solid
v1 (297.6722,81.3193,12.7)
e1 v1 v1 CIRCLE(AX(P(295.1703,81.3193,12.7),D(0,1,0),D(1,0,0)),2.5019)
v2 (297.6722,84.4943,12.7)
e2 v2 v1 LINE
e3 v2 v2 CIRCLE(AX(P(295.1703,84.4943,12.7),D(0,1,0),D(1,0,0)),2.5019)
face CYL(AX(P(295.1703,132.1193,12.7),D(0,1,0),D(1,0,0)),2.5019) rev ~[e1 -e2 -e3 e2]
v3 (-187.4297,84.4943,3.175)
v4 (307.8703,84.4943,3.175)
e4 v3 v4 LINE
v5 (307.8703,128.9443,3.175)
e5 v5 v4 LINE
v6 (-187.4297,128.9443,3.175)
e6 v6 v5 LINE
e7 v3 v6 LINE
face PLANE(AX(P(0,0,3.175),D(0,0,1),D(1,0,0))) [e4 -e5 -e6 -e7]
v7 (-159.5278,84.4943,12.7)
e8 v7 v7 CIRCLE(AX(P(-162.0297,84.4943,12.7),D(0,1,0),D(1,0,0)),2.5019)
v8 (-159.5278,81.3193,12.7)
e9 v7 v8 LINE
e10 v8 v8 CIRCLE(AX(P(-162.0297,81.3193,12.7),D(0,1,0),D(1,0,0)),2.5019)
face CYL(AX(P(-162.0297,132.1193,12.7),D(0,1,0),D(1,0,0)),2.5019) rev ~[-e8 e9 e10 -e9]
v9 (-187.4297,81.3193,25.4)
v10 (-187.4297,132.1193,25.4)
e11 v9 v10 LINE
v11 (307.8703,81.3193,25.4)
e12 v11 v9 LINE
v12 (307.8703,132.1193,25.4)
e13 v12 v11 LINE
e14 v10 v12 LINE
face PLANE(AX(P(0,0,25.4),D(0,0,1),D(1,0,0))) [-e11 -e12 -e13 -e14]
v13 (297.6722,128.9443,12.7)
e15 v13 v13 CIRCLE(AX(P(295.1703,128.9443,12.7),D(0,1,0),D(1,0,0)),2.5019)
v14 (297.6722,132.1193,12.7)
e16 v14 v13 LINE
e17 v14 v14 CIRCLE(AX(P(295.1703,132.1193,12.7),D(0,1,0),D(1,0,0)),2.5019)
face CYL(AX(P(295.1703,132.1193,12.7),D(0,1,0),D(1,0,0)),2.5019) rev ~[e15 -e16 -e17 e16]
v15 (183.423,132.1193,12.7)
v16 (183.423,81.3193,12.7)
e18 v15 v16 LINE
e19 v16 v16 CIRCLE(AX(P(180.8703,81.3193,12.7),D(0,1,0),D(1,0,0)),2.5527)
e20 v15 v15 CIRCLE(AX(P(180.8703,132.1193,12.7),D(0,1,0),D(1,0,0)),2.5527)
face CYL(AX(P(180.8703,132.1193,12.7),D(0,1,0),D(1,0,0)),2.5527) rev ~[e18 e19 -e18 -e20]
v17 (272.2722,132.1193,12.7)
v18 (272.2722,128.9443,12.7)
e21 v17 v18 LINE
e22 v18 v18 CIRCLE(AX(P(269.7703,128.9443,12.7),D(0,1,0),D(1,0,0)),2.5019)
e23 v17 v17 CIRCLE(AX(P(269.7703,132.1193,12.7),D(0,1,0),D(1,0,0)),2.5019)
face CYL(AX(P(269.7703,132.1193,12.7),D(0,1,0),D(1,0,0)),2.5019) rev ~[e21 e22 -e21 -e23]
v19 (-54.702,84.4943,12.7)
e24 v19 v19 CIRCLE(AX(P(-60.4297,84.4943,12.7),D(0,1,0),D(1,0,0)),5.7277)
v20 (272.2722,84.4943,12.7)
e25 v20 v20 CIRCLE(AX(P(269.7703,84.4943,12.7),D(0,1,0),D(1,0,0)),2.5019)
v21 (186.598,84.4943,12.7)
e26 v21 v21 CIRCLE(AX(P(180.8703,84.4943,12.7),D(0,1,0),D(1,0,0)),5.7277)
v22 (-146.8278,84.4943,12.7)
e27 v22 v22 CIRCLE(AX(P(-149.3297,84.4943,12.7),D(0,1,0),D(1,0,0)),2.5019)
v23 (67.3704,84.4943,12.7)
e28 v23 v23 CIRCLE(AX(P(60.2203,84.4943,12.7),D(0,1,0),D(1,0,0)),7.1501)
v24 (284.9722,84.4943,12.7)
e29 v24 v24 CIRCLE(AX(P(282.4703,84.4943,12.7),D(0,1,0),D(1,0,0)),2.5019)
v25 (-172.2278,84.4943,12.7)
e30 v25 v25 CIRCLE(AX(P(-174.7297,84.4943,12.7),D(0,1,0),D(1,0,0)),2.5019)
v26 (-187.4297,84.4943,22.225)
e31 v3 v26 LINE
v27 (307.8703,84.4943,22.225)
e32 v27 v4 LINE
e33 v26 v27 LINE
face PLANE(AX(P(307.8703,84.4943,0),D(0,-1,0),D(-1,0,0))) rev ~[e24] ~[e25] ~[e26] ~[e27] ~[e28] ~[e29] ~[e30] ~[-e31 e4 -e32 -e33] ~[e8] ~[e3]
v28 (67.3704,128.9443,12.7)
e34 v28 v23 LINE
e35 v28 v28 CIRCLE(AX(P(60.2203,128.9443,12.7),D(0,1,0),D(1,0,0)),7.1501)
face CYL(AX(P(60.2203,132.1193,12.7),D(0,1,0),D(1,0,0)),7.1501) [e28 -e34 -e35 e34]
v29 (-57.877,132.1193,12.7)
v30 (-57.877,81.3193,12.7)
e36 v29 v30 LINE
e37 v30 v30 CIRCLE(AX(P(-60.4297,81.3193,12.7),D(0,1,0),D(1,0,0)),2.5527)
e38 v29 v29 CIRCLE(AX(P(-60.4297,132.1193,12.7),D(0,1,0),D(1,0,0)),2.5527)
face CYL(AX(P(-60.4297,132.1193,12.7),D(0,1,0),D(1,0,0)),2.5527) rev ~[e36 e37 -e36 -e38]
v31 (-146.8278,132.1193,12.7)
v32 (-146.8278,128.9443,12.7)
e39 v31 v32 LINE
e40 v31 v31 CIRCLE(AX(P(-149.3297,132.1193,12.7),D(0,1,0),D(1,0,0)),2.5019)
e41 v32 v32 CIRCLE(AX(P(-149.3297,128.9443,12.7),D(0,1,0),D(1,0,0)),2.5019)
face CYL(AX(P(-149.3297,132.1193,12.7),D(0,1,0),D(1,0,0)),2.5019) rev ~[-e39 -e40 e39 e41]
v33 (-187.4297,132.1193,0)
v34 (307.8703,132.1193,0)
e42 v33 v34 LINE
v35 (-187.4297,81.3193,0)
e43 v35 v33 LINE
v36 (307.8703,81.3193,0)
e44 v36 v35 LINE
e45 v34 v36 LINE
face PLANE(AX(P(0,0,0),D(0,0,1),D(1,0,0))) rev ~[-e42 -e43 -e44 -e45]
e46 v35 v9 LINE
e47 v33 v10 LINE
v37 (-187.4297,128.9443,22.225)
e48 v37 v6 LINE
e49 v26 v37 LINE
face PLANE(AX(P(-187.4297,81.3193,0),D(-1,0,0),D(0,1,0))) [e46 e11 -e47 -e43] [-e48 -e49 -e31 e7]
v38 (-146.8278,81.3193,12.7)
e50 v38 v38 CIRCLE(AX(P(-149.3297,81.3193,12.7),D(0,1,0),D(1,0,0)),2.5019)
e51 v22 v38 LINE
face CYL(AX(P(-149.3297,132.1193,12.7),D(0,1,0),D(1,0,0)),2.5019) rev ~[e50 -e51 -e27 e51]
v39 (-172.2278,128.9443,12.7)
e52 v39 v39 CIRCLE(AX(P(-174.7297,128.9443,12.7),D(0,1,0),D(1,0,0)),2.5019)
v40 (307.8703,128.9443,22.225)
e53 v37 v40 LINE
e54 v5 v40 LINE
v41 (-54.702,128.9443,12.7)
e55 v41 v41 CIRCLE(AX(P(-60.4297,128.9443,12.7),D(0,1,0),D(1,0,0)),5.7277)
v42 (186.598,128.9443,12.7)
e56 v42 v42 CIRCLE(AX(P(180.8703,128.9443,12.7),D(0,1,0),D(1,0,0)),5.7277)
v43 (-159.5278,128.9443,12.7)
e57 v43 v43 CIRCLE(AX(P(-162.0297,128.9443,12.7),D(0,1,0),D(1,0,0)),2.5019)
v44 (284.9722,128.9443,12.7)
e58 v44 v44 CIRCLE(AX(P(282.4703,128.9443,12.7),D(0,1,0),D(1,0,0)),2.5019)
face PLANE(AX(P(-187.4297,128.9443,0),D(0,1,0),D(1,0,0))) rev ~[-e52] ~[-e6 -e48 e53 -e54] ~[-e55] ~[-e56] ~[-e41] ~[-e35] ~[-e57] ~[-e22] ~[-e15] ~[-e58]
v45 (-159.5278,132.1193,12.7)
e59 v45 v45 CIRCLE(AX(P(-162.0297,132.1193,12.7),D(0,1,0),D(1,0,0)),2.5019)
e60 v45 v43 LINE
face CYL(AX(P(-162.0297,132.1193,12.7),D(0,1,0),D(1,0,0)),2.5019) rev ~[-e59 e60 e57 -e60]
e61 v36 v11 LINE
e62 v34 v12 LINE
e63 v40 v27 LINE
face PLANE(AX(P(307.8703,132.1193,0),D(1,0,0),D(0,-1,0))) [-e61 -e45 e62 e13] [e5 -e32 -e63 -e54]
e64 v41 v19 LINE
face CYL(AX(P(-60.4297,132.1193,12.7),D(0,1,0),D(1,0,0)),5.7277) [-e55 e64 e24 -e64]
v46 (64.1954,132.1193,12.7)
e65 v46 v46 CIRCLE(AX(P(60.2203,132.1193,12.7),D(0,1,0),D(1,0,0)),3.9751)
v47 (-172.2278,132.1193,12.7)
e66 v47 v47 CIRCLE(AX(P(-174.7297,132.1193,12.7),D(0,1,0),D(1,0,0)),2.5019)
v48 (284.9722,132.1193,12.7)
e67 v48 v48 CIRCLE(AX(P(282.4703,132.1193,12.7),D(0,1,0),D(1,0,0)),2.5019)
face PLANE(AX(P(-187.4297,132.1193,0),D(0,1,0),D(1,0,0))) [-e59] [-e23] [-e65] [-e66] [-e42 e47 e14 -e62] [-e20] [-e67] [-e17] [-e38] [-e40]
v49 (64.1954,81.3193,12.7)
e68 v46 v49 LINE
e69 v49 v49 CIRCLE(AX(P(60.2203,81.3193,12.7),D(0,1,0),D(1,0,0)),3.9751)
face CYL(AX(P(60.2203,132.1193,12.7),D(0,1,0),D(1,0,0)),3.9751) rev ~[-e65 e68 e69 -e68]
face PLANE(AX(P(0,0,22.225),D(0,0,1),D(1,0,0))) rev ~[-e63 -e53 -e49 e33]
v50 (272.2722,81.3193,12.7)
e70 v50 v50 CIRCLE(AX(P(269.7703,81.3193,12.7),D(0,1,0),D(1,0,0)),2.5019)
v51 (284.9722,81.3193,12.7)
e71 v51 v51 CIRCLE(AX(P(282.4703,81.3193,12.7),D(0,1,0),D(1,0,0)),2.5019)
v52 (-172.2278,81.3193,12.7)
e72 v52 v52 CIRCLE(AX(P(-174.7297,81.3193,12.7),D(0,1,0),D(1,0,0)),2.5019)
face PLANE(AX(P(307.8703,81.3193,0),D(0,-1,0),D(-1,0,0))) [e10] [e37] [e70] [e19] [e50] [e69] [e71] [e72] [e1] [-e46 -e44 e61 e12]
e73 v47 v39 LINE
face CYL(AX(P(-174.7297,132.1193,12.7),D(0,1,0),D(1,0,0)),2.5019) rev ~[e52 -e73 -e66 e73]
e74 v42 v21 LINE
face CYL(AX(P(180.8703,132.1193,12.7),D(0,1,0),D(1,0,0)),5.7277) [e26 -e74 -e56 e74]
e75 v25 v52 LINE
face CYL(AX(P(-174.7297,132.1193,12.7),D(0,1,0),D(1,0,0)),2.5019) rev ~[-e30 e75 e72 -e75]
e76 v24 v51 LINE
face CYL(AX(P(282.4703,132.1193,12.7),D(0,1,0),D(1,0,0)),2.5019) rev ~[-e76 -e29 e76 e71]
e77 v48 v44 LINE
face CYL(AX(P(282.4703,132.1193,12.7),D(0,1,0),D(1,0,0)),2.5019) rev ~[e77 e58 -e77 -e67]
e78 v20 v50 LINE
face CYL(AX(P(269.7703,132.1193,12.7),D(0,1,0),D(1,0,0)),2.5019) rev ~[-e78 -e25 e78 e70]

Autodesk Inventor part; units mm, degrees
ref_plane "YZ Plane" through (0, 0, 0) normal (1, 0, 0) x (0, 1, 0)
ref_plane "XZ Plane" through (0, 0, 0) normal (0, 1, 0) x (-1, 0, 0)
ref_plane "XY Plane" through (0, 0, 0) normal (0, 0, 1) x (1, 0, 0)
sketch "Sketch1" plane through (0, 0, 0) normal (0, 0, 1) x (1, 0, 0)
  line L0 (-187.4297, 132.1193) -> (307.8703, 132.1193)
  line L1 (307.8703, 132.1193) -> (307.8703, 81.3193)
  line L2 (307.8703, 81.3193) -> (-187.4297, 81.3193)
  line L3 (-187.4297, 81.3193) -> (-187.4297, 132.1193)
  point P0 (0, 0)
  dimension "d0" = 495.3
  dimension "d1" = 50.8
extrude "Extrusion1" add sketch "Sketch1" along normal blind 25.4
sketch "Sketch2" plane through (-187.4297, 132.1193, 0) normal (0, 1, 0) x (1, 0, 0)
  circle A0 centre (12.7, -12.7) radius 2.5019
  line L0 (0, 0) -> (0, -25.4) projected
  circle A1 centre (25.4, -12.7) radius 2.5019
  circle A2 centre (38.1, -12.7) radius 2.5019
  circle A3 centre (482.6, -12.7) radius 2.5019
  line L1 (495.3, 0) -> (495.3, -25.4) projected
  circle A4 centre (469.9, -12.7) radius 2.5019
  circle A5 centre (457.2, -12.7) radius 2.5019
  circle A6 centre (368.3, -12.7) radius 2.5527
  circle A7 centre (247.65, -12.7) radius 3.9751
  line L2 (495.3, 0) -> (0, 0) projected
  circle A8 centre (127, -12.7) radius 2.5527
  point P0 (187.4297, 0)
  dimension "d4" = 12.7
  dimension "d5" = 5.0038
  dimension "d6" = 5.0038
  dimension "d7" = 5.0038
  dimension "d8" = 12.7
  dimension "d9" = 12.7
  dimension "d10" = 5.0038
  dimension "d11" = 12.7
  dimension "d12" = 5.0038
  dimension "d13" = 5.0038
  dimension "d14" = 12.7
  dimension "d15" = 12.7
  dimension "d19" = 127
  dimension "d20" = 5.1054
  dimension "d23" = 7.9502
  dimension "d24" = 247.65
  dimension "d25" = 12.7
  dimension "d26" = 5.1054
  dimension "d27" = 127
extrude "Extrusion2" cut sketch "Sketch2" against normal blind 50.8
shell "Shell1" thickness 3.175 removed faces 8 at (-187.4297, 115.186, 16.9333) at (307.8703, 98.2527, 8.4667) at (295.0696, 98.2527, 10.2001) at (282.3696, 98.2527, 10.2001) at (269.6696, 98.2527, 10.2001) at (-149.4304, 98.2527, 10.2001) at (-162.1304, 98.2527, 10.2001) at (-174.8304, 98.2527, 10.2001)
properties part number "(b)swerveassembly" material "Aluminum 6061"
